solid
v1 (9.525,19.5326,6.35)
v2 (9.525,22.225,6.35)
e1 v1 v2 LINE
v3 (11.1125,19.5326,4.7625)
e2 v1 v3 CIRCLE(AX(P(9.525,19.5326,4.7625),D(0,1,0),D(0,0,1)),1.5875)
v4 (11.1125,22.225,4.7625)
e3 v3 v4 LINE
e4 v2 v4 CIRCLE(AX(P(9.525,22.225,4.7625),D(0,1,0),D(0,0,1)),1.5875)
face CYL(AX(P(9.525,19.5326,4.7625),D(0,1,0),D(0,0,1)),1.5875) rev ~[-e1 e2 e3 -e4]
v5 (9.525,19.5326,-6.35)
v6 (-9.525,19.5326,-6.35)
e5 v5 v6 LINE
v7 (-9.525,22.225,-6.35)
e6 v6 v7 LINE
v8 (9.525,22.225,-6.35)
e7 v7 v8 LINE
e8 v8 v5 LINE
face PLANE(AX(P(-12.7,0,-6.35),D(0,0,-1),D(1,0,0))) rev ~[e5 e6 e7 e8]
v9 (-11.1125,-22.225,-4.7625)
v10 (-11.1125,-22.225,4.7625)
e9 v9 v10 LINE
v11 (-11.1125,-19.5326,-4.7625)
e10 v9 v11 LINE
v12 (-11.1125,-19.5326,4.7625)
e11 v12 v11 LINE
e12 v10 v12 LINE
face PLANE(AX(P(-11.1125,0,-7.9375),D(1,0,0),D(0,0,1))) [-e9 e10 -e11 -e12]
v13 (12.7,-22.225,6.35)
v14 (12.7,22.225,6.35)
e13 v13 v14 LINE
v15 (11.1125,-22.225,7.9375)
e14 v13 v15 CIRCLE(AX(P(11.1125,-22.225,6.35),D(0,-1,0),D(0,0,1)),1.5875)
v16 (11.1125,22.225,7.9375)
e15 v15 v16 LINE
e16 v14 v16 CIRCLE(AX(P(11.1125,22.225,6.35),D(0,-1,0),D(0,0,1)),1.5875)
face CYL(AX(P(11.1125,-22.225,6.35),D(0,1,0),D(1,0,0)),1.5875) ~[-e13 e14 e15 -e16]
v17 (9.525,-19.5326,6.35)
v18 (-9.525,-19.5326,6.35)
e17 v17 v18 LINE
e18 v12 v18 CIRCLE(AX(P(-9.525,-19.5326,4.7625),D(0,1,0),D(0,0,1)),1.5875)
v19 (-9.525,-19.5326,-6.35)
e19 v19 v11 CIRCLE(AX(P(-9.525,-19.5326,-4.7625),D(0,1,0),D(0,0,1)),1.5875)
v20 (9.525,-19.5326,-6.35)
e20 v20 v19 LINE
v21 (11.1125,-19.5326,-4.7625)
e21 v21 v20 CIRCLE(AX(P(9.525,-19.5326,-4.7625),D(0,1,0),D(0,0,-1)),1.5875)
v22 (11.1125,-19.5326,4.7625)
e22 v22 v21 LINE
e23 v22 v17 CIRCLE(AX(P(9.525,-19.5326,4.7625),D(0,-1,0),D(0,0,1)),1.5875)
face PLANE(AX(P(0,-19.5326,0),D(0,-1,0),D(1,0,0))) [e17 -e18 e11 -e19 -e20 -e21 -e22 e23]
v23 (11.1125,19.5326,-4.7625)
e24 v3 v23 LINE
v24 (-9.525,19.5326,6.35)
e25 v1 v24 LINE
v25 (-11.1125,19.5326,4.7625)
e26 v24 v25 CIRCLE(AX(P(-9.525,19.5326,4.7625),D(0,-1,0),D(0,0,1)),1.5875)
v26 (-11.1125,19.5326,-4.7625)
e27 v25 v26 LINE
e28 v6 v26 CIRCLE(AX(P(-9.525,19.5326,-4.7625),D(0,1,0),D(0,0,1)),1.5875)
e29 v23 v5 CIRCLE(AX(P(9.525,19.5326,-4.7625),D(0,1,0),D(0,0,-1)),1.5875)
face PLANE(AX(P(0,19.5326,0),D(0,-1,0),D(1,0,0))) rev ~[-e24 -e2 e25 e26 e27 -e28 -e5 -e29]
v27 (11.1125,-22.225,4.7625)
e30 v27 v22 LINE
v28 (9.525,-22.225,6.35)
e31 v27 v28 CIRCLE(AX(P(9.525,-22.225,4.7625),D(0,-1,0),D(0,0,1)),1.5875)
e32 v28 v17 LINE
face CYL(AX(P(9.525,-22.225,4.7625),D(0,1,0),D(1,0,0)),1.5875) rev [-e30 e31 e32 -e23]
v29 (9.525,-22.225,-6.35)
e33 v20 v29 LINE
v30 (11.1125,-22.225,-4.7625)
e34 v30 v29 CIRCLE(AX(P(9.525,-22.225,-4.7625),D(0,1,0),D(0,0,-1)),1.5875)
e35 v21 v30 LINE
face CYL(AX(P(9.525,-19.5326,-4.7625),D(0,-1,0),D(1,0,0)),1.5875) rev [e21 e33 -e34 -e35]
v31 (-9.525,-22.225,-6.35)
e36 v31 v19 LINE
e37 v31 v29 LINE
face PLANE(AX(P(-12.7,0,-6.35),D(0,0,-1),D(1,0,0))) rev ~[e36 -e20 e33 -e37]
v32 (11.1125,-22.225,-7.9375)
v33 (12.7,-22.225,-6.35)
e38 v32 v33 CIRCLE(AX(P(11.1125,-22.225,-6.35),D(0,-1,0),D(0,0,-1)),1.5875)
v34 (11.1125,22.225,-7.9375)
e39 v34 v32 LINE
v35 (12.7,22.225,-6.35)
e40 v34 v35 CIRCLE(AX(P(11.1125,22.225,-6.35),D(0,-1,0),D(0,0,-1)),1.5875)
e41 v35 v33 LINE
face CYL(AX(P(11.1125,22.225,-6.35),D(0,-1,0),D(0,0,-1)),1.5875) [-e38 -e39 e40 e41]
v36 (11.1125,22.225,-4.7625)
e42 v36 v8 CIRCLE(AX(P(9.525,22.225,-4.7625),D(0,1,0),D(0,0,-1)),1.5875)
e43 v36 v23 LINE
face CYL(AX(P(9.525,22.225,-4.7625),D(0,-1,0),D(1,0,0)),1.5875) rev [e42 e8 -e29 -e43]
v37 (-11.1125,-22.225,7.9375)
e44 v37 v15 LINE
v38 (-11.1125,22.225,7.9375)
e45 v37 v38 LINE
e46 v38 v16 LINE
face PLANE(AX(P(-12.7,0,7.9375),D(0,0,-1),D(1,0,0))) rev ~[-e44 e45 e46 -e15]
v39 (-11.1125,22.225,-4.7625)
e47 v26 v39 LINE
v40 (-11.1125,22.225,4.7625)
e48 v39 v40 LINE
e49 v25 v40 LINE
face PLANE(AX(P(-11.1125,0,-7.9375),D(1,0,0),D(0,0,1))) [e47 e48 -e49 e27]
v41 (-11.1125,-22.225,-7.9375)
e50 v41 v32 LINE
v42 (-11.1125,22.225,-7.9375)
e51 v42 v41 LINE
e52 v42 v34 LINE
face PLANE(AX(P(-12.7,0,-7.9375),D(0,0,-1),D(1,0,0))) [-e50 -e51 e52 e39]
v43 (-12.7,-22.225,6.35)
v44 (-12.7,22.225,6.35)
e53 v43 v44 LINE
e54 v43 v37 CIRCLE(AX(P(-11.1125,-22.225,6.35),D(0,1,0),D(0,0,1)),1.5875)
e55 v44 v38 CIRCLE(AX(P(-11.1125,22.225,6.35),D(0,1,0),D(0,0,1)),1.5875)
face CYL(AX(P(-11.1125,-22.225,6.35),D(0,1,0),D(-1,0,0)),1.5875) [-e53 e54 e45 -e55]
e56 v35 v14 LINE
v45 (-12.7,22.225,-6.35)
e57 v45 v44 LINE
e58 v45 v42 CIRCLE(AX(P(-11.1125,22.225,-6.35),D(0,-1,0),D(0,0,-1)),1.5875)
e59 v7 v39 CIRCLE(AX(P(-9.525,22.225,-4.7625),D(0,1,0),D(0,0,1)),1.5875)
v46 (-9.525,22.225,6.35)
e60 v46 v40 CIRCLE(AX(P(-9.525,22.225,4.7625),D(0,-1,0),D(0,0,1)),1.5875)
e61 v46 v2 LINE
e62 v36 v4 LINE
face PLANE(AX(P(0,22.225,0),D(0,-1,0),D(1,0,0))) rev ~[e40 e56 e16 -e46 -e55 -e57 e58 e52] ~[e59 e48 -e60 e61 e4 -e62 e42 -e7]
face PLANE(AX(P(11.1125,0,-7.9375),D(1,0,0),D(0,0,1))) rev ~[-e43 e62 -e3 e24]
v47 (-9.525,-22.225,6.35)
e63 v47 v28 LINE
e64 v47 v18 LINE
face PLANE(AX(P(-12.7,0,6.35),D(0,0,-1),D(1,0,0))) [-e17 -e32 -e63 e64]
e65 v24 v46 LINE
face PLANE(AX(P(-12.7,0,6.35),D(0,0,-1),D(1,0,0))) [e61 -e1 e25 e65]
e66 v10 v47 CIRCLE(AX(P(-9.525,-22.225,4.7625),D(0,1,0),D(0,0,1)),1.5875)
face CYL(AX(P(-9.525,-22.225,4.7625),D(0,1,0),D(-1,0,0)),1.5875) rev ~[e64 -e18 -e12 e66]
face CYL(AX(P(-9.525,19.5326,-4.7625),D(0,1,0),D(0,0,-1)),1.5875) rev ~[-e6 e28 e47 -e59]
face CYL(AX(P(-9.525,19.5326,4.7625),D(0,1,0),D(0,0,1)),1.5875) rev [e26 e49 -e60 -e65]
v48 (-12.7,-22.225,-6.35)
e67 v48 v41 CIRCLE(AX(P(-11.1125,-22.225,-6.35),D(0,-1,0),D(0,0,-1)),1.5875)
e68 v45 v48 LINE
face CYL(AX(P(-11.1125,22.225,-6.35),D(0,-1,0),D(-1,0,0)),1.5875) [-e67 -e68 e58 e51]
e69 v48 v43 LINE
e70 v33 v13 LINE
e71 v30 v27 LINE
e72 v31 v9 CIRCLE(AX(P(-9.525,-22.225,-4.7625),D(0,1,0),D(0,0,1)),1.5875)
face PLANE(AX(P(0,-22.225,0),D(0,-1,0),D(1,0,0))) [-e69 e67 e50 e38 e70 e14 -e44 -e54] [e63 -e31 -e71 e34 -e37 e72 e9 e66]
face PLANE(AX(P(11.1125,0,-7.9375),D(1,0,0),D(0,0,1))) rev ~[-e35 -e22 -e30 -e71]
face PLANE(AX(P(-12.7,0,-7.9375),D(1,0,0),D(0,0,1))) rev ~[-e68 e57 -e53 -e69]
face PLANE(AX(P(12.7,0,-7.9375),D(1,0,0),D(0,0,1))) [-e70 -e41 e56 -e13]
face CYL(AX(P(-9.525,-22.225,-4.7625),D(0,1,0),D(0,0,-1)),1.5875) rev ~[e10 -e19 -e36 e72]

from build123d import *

# Parameters (mm, degrees)
F0_W     = 25.4
F0_H     = 15.875
F1_DEPTH = 22.225
F2_T     = -1.5875
F3_W     = 23.8125
F3_H     = 14.2875
F4_DEPTH = 19.5326
F5_R     = 1.5875
F6_R     = 1.5875


with BuildPart() as f1:
    # F0 (on Front) → F1 (new body, symmetric)
    with BuildSketch(Plane.XZ):
        Rectangle(F0_W, F0_H)
    extrude(amount=F1_DEPTH, both=True)

    # F2
    f2_openings = [f1.faces().sort_by_distance(p)[0] for p in [
        (0, -22.225, 0),
        (0, 22.225, 0),
    ]]
    offset(amount=F2_T, openings=f2_openings)

    # F3 (on Front) → F4 (join, symmetric)
    with BuildSketch(Plane.XZ):
        Rectangle(F3_W, F3_H)
    extrude(amount=F4_DEPTH, both=True)

    # F5
    f5_edges = [f1.edges().sort_by_distance(p)[0] for p in [
        (-11.1125, -20.8788, 6.35),
        (11.1125, -20.8788, 6.35),
        (11.1125, -20.8788, -6.35),
        (-11.1125, -20.8788, -6.35),
        (-11.1125, 20.8788, -6.35),
        (11.1125, 20.8788, -6.35),
        (-11.1125, 20.8788, 6.35),
        (11.1125, 20.8788, 6.35),
    ]]
    fillet(f5_edges, radius=F5_R)

    # F6
    f6_edges = [f1.edges().sort_by_distance(p)[0] for p in [
        (-12.7, 0, -7.9375),
        (-12.7, 0, 7.9375),
        (12.7, 0, 7.9375),
        (12.7, 0, -7.9375),
    ]]
    fillet(f6_edges, radius=F6_R)


solid = f1.part
